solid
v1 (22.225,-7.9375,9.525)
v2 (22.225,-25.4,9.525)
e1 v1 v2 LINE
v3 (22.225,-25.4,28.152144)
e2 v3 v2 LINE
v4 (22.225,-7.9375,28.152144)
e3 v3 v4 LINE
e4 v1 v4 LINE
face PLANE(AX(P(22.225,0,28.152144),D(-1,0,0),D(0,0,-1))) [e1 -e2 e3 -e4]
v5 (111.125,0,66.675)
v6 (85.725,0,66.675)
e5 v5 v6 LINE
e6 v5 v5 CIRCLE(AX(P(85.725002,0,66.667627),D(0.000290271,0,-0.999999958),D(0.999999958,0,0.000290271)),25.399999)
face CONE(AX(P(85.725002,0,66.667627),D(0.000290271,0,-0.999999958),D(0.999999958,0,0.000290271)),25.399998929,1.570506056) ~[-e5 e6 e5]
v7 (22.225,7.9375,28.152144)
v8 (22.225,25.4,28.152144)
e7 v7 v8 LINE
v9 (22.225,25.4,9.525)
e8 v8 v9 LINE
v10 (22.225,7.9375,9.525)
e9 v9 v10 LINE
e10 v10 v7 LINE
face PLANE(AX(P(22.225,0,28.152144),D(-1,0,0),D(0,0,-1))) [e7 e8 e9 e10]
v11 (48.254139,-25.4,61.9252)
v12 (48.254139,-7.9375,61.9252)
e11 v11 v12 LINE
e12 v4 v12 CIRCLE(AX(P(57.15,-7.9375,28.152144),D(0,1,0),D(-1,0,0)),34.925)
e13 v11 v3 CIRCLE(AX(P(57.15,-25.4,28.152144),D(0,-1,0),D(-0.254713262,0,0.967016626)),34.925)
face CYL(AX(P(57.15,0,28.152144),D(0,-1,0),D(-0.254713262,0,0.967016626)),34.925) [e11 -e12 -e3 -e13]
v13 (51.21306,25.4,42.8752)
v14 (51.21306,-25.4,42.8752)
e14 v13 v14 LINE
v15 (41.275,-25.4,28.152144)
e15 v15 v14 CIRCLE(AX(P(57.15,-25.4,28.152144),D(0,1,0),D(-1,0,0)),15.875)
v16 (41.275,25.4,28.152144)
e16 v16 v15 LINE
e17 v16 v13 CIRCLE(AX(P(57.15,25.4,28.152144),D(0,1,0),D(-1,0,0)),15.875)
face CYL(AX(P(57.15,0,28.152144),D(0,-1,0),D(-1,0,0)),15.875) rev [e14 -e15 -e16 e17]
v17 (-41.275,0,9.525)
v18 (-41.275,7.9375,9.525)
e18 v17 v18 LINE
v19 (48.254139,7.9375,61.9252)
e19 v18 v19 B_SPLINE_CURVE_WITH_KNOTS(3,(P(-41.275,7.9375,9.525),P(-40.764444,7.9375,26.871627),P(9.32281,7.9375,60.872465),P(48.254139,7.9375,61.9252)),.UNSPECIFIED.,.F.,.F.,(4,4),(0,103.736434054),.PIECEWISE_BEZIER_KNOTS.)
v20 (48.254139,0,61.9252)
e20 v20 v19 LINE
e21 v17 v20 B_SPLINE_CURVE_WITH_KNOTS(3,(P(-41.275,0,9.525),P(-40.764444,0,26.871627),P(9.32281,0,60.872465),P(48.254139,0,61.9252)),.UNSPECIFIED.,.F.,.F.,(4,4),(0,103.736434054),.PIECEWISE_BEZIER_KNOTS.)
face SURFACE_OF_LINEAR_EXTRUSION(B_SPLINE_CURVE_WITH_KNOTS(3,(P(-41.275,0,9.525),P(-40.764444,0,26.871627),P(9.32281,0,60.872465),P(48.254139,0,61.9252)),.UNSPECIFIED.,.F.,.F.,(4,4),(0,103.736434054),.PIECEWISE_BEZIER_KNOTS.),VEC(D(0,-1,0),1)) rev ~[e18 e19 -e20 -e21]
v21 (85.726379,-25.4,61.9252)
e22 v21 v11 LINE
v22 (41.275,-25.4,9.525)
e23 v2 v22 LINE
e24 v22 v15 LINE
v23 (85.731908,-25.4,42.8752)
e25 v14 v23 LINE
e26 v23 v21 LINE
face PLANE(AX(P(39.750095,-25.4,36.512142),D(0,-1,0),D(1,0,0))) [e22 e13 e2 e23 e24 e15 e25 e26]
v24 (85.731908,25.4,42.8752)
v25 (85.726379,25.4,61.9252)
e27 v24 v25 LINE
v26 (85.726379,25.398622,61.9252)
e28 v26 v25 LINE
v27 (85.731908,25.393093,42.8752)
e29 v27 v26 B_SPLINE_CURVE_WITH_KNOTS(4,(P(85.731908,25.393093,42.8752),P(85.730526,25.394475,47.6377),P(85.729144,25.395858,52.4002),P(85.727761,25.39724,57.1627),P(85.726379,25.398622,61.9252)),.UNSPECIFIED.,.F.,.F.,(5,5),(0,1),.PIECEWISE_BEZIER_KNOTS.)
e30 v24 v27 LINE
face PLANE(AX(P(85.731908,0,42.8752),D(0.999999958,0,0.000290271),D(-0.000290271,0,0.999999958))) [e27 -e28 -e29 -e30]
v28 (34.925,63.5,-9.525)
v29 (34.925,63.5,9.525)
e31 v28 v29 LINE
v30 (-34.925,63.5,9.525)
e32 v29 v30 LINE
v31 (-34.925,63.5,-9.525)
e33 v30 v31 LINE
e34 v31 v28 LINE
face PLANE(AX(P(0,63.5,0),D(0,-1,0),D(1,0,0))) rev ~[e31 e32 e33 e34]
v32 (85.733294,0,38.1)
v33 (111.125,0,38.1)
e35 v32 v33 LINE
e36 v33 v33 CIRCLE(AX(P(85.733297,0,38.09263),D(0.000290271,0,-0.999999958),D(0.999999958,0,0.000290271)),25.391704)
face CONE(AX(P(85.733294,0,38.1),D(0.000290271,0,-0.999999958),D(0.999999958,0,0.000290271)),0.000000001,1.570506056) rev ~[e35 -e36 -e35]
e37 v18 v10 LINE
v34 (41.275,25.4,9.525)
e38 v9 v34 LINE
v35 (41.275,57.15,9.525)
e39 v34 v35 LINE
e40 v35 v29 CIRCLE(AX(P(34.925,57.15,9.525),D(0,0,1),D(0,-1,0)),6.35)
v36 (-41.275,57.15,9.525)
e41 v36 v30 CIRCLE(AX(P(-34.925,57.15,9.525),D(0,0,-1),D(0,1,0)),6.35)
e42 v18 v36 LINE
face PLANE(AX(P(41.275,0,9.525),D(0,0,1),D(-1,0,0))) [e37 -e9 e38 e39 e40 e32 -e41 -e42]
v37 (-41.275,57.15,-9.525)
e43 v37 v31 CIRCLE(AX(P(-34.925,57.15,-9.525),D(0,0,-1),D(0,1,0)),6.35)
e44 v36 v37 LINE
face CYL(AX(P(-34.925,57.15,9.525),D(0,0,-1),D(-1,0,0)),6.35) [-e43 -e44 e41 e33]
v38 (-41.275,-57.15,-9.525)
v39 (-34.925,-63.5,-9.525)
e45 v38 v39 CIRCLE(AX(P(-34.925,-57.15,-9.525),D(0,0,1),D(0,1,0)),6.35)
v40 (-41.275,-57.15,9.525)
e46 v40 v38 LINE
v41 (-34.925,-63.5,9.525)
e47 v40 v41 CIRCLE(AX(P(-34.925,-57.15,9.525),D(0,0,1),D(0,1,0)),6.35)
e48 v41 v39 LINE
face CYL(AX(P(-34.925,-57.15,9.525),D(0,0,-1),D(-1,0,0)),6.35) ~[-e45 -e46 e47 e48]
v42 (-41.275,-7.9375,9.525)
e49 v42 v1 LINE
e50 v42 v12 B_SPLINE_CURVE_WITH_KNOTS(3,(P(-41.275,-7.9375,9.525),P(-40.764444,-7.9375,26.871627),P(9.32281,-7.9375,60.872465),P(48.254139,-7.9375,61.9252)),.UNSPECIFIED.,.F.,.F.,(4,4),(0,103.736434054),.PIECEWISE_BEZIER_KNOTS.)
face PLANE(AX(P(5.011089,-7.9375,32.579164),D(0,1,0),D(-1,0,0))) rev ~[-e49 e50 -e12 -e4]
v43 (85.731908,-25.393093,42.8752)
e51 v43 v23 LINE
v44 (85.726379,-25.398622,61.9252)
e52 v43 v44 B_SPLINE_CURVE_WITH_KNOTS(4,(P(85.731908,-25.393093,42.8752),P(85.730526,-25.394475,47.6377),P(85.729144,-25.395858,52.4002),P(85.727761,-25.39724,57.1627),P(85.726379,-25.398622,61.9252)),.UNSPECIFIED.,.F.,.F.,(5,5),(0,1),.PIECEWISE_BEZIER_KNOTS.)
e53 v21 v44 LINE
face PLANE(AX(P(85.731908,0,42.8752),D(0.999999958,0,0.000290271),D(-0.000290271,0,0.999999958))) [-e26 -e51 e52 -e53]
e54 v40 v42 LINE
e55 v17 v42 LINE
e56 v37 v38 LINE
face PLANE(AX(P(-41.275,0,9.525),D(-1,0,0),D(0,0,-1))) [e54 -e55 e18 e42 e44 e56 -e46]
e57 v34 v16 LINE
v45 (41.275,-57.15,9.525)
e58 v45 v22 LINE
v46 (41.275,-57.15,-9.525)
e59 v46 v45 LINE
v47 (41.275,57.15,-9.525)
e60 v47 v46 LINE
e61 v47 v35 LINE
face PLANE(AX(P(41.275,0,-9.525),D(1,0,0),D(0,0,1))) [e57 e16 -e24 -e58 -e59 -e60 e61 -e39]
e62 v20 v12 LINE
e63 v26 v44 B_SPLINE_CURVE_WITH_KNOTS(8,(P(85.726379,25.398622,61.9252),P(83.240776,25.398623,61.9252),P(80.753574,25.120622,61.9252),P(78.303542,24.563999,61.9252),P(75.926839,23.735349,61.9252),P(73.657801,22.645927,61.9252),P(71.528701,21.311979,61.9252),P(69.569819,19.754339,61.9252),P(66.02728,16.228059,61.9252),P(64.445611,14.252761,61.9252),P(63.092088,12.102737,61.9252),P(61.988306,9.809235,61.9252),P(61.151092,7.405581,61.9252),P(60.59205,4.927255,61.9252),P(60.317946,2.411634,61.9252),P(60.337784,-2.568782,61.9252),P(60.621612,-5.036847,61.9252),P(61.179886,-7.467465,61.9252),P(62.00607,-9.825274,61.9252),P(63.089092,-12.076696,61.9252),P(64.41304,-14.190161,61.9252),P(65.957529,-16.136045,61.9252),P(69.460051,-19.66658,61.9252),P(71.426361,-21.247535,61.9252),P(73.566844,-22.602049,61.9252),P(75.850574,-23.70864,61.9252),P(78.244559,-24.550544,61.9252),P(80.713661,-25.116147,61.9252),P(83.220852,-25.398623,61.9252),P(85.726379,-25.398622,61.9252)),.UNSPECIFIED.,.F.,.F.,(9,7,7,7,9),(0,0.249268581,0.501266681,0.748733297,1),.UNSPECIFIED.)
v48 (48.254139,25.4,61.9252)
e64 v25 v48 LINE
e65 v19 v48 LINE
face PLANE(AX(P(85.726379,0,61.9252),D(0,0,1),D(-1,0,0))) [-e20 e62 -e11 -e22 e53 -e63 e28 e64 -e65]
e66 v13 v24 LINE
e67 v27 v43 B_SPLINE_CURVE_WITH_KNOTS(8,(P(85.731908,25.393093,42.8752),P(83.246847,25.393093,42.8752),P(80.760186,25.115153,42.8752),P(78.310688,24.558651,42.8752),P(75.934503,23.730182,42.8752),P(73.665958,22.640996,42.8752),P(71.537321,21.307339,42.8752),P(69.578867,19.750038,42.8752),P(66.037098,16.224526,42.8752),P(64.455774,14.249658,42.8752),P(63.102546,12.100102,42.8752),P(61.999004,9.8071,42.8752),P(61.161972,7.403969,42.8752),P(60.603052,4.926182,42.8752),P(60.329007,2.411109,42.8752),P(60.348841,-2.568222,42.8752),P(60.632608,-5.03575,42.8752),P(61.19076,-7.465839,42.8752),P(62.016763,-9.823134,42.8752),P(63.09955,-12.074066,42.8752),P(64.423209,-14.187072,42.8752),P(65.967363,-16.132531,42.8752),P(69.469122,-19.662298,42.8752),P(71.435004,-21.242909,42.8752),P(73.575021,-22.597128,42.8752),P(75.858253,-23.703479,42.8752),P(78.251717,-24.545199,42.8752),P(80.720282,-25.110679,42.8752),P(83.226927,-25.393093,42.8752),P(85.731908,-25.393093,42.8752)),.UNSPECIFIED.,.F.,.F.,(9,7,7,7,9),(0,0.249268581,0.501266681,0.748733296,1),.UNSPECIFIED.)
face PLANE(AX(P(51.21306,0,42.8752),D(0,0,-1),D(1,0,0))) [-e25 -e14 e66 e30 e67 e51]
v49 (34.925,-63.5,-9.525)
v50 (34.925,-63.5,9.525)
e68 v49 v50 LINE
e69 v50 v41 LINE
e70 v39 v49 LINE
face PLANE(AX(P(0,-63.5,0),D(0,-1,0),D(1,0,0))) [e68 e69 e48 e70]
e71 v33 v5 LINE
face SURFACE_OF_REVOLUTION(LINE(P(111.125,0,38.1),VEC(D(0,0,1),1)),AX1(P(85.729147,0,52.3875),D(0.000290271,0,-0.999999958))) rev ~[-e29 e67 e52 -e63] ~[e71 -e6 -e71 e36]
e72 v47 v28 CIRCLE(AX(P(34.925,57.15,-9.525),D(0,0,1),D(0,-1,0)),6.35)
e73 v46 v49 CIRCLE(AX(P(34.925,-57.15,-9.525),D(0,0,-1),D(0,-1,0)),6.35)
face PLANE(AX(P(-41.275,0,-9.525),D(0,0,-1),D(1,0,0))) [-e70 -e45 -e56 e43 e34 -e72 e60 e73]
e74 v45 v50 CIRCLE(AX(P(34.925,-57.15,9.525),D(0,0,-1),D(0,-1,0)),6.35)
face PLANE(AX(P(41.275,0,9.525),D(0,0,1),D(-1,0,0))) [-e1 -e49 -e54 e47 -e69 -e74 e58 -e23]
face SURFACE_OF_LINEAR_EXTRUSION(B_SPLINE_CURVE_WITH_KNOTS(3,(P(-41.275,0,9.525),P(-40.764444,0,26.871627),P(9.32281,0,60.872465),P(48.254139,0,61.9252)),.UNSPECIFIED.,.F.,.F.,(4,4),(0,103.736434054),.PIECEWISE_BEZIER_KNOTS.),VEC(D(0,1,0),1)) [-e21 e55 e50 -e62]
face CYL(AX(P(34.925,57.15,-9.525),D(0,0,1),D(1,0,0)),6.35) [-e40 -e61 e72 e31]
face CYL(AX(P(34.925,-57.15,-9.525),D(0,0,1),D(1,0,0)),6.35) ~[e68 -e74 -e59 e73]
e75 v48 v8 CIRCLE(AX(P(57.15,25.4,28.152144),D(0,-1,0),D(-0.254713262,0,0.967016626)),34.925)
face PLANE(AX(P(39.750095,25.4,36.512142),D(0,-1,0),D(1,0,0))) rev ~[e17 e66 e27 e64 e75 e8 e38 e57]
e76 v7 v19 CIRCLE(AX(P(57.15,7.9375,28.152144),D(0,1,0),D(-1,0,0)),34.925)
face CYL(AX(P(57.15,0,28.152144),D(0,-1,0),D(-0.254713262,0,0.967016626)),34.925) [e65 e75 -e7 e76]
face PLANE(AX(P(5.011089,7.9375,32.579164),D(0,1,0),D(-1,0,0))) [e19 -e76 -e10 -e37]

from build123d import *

# Parameters (mm, degrees)
F1_DEPTH = 25.4
F2_DEPTH = 63.5
F3_DEPTH = 7.9375
F5_R     = 6.35


with BuildPart() as f1:
    # F0 (on Front) → F1 (new body, symmetric)
    with BuildSketch(Plane.XZ):
        with BuildLine():
            Line((22.225, 28.1521443485), (22.225, 9.525))
            Line((22.225, 9.525), (41.275, 9.525))
            Line((41.275, 9.525), (41.275, 28.1521443485))
            ThreePointArc((41.275, 28.1521443485), (43.992026211, 37.0337743098), (51.2130599394, 42.8752))
            Line((51.2130599394, 42.8752), (60.325, 42.8752))
            Line((60.325, 42.8752), (60.325, 61.9252))
            Line((60.325, 61.9252), (48.2541393355, 61.9252))
            ThreePointArc((48.2541393355, 61.9252), (29.4873576939, 49.4719437295), (22.225, 28.1521443485))
        make_face()
        Polygon((85.7263787281, 61.9252), (60.325, 61.9252), (60.325, 42.8752), (85.7319083861, 42.8752), align=None)
    extrude(amount=F1_DEPTH, both=True)

    # F0 (on Front) → F2 (join, symmetric)
    with BuildSketch(Plane.XZ):
        Polygon((22.225, 9.525), (-41.275, 9.525), (-41.275, -9.525), (41.275, -9.525), (41.275, 9.525), align=None)
    extrude(amount=F2_DEPTH, both=True)

    # F0 (on Front) → F3 (join, symmetric)
    with BuildSketch(Plane.XZ):
        with BuildLine():
            add(Edge.make_bspline(
                [(-41.275, 9.525), (-40.7644435763, 26.8716271967), (9.3228099868, 60.8724653721), (48.2541393355, 61.9252)],
                knots=[0, 0, 0, 0, 103.7364340538, 103.7364340538, 103.7364340538, 103.7364340538], degree=3))
            Line((-41.275, 9.525), (22.225, 9.525))
            Line((22.225, 9.525), (22.225, 28.1521443485))
            ThreePointArc((22.225, 28.1521443485), (29.4873576939, 49.4719437295), (48.2541393355, 61.9252))
        make_face()
    extrude(amount=F3_DEPTH, both=True)

    # F0 (on Front) → F4 (revolve)
    with BuildSketch(Plane.XZ):
        Polygon((85.725, 66.675), (85.7263787281, 61.9252), (85.7319083861, 42.8752), (85.733294487, 38.1), (111.125, 38.1), (111.125, 66.675), align=None)
    revolve(axis=Axis((85.7291472435, 0, 52.3875), (0.0002902707, 0, -0.9999999579)))

    # F5
    f5_edges = [f1.edges().sort_by_distance(p)[0] for p in [
        (-41.275, -63.5, 0),
        (41.275, -63.5, 0),
        (-41.275, 63.5, 0),
        (41.275, 63.5, 0),
    ]]
    fillet(f5_edges, radius=F5_R)


solid = f1.part
